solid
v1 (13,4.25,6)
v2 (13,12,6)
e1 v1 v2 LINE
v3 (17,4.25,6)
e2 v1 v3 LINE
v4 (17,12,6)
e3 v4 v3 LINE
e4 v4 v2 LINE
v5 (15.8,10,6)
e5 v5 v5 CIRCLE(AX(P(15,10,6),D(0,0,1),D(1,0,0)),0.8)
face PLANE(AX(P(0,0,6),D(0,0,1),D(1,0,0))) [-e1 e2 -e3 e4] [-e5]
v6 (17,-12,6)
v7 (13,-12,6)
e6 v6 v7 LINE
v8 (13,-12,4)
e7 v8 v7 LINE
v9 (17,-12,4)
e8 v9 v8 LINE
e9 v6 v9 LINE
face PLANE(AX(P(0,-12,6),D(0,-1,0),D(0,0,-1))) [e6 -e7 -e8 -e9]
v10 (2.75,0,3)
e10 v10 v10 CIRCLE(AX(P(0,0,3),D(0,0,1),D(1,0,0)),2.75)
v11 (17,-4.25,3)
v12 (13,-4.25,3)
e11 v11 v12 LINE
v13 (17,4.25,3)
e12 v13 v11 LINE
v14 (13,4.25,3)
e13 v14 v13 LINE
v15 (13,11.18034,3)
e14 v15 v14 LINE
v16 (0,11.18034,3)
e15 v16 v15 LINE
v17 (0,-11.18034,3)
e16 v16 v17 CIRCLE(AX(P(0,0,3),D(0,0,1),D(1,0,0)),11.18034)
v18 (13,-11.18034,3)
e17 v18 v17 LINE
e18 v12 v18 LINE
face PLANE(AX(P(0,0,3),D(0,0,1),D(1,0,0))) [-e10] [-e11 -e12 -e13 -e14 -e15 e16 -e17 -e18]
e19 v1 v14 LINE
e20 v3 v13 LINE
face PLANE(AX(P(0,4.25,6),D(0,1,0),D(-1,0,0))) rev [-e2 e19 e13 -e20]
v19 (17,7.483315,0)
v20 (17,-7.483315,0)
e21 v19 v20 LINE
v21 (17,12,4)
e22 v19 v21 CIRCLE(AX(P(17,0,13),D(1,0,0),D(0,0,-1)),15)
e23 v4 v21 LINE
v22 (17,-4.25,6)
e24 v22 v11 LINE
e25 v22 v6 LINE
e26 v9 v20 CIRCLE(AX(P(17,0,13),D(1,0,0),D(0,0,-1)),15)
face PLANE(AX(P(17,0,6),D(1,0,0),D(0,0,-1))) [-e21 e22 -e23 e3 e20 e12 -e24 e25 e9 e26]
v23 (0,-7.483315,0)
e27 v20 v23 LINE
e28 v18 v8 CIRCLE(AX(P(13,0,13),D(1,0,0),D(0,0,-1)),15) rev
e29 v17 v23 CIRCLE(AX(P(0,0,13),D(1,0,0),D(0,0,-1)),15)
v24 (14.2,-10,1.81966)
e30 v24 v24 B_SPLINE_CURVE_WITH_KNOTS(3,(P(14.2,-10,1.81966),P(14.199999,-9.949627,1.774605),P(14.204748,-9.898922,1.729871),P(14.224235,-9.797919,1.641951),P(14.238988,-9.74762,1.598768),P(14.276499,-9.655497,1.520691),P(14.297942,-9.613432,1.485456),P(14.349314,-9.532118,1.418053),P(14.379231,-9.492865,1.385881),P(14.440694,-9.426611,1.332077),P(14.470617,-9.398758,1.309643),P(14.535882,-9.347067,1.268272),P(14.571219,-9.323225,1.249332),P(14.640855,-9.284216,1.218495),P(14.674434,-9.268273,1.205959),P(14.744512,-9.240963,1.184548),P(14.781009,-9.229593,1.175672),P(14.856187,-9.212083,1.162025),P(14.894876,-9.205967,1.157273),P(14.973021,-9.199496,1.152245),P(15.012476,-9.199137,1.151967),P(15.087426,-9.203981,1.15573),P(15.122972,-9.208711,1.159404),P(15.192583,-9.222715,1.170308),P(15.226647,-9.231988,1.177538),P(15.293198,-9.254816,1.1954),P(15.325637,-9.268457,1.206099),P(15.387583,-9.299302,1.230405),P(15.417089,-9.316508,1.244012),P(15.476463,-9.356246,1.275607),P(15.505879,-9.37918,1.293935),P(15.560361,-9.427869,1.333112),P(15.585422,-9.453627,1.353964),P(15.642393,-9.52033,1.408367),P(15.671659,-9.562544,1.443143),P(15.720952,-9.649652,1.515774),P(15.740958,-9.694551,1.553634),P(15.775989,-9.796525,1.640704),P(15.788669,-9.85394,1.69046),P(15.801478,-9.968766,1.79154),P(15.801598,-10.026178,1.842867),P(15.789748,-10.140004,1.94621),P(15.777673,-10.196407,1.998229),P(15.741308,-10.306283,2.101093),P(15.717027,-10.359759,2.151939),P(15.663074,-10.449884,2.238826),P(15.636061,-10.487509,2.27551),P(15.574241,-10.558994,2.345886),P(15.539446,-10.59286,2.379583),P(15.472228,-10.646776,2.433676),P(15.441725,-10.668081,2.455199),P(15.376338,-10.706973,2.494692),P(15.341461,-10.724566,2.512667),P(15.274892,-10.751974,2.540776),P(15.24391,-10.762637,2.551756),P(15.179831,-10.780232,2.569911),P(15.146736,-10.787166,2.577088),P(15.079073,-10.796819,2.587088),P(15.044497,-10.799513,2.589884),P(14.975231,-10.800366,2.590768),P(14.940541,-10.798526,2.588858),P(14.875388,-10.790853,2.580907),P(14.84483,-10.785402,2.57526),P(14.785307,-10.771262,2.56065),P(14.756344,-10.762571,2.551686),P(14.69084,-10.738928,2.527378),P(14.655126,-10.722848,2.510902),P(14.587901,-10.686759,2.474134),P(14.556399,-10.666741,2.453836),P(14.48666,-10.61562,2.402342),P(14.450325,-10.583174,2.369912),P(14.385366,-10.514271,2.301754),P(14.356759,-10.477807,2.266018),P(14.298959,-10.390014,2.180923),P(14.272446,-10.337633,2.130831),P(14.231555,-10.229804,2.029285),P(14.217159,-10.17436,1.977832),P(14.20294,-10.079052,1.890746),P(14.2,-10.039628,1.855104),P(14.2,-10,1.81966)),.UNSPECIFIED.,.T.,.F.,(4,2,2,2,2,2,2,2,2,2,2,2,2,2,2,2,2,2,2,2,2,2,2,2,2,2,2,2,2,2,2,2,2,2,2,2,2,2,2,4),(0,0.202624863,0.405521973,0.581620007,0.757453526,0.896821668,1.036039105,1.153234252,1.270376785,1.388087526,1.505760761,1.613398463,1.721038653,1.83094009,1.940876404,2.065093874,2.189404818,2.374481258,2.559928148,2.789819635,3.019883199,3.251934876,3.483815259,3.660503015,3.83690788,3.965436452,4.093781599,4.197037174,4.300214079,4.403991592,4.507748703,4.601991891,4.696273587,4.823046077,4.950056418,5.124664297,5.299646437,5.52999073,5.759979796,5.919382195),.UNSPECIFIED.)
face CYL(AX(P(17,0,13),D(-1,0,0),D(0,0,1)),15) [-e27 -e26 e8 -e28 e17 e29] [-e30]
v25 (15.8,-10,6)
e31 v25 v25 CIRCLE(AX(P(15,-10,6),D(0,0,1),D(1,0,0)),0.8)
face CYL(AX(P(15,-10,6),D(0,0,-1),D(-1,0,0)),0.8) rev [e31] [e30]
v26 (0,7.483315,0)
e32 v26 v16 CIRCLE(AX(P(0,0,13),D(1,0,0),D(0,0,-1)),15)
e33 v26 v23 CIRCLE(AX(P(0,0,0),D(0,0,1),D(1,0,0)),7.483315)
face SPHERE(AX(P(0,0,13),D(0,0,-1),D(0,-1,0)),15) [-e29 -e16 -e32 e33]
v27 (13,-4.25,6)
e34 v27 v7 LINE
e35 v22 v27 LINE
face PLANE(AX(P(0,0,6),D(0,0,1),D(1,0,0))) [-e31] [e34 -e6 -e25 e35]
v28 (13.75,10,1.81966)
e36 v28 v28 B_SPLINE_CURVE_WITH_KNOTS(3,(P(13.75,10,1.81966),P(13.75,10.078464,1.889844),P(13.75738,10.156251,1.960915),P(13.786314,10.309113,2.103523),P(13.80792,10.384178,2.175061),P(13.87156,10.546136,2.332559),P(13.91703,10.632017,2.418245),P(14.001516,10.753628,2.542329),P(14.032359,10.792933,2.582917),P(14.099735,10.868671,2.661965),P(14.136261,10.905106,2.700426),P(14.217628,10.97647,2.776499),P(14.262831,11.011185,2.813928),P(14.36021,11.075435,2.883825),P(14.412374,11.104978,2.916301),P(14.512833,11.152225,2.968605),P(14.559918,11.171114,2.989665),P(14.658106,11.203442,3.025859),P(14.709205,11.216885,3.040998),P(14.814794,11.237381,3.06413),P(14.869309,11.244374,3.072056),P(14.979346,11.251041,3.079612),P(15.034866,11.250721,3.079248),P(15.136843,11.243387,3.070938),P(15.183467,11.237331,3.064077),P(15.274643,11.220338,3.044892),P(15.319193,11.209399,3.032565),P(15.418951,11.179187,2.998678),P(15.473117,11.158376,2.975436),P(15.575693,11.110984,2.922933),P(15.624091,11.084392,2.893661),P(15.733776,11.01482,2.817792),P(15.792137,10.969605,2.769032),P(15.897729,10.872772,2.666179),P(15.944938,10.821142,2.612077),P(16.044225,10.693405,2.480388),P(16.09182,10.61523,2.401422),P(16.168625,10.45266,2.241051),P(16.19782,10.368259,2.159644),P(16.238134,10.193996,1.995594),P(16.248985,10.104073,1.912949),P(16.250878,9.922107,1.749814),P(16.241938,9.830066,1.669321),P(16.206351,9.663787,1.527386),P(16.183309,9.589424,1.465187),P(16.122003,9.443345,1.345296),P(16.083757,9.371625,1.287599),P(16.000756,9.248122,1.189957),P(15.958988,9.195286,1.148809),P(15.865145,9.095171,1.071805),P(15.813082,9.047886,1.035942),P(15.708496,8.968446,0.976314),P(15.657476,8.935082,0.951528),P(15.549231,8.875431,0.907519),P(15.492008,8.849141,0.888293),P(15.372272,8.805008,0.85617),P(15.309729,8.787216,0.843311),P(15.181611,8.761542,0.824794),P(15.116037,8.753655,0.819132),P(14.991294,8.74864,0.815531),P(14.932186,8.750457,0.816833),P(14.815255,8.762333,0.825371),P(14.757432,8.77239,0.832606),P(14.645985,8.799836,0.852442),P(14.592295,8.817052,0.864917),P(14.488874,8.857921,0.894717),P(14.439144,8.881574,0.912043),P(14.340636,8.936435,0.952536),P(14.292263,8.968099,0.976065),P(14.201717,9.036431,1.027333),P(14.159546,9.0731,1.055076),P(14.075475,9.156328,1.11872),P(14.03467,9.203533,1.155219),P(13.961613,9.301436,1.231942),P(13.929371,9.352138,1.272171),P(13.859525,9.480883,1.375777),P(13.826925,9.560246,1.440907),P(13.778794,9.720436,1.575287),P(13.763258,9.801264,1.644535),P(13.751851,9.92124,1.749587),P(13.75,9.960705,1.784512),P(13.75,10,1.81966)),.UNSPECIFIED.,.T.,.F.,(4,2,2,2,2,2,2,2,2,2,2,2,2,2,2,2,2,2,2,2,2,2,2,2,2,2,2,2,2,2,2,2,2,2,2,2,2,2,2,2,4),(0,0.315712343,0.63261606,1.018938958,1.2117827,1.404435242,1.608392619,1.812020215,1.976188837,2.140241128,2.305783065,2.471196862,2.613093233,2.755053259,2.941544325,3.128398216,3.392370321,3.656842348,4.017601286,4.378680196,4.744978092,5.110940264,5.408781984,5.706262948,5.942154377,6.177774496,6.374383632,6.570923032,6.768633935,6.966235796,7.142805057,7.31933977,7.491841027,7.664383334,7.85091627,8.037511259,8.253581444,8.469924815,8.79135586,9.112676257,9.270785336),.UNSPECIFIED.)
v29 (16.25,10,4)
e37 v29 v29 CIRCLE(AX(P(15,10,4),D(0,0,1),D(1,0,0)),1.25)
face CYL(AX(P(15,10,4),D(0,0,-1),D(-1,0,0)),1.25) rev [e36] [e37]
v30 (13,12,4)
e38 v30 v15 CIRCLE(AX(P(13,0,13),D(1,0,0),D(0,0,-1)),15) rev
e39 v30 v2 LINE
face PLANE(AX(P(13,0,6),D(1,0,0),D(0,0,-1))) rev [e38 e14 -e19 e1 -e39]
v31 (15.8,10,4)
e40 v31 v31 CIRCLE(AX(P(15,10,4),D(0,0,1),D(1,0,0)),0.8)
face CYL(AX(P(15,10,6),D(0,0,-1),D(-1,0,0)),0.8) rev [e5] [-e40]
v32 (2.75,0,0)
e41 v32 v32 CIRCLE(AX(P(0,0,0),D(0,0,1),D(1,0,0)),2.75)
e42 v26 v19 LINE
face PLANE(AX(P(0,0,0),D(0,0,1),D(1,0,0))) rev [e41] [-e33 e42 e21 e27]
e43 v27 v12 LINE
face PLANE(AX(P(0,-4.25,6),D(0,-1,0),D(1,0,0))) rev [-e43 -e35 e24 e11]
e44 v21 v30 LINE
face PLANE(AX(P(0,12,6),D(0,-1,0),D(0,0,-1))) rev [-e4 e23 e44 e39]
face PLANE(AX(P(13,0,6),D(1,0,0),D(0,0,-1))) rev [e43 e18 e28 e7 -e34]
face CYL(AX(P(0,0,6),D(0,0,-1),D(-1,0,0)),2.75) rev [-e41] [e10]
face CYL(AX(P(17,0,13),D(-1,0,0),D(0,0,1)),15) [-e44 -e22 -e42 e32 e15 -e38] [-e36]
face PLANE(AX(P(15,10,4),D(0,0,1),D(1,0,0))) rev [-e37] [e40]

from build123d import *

# Parameters (mm, degrees)
SKETCH1_R           = 2.75
BOSS_EXTRUDE1_DEPTH = 6
BODY_START          = 3
SKETCH2_R           = 2.75
BODY_HOLE_DEPTH     = 3
CUT_EXTRUDE2_DEPTH  = 23.226110771
CUT_REVOLVE1_ANGLE  = 180
SKETCH7_R           = 0.8
SCREW_HOLES_DEPTH   = 22.656407828
SKETCH9_R           = 1.25
SCREW_HEADS_DEPTH   = 4


with BuildPart() as part:
    # Sketch1 → Boss-Extrude1 (new body)
    with BuildSketch(Plane.XY):
        with BuildLine():
            Line((17, -12), (17, 12))
            Line((17, 12), (5, 12))
            ThreePointArc((5, 12), (-13, 0), (5, -12))
            Line((5, -12), (17, -12))
        make_face()
        Circle(SKETCH1_R, mode=Mode.SUBTRACT)
    extrude(amount=BOSS_EXTRUDE1_DEPTH)

    # Sketch2 → Body Hole (cut)
    with BuildSketch(Plane.XY.offset(BODY_START)):
        with BuildLine():
            ThreePointArc((5, 12), (-13, 0), (5, -12))
            Line((5, -12), (13, -12))
            Line((13, -12), (13, -4.25))
            Line((13, -4.25), (17, -4.25))
            Line((17, -4.25), (17, 4.25))
            Line((17, 4.25), (13, 4.25))
            Line((13, 4.25), (13, 12))
            Line((13, 12), (5, 12))
        make_face()
        Circle(SKETCH2_R, mode=Mode.SUBTRACT)
    extrude(amount=BODY_HOLE_DEPTH, mode=Mode.SUBTRACT)

    # Sketch3 → Cut-Extrude2 (cut, through all)
    with BuildSketch(Plane(origin=(0, 0, 0), x_dir=(0, 0, -1), z_dir=(1, 0, 0))):
        with BuildLine():
            Line((2, 15), (-13, 15))
            ThreePointArc((-13, 15), (-2.393398282, 10.606601718), (2, 0))
            Line((2, 0), (2, 15))
        make_face()
        with BuildLine():
            Line((2, -15), (2, 0))
            ThreePointArc((2, 0), (-2.393398282, -10.606601718), (-13, -15))
            Line((-13, -15), (2, -15))
        make_face()
    extrude(amount=CUT_EXTRUDE2_DEPTH, mode=Mode.SUBTRACT)

    # Sketch6 → Cut-Revolve1 (revolve, cut)
    with BuildSketch(Plane(origin=(0, 0, 0), x_dir=(0, 0, -1), z_dir=(1, 0, 0))):
        with BuildLine():
            Line((1, 15), (-13, 15))
            ThreePointArc((-13, 15), (-4.508164866, 12.36481848), (1, 5.385164807))
            Line((1, 5.385164807), (2, 5.385164807))
            Line((2, 5.385164807), (2, 15))
            Line((2, 15), (1, 15))
        make_face()
    revolve(axis=Axis((0, 0, 0), (0, 0, 1)), revolution_arc=CUT_REVOLVE1_ANGLE, mode=Mode.SUBTRACT)

    # Sketch7 → Screw Holes (cut, through all)
    with BuildSketch(Plane.XY):
        with Locations(Location((15, 10, 0), (0, 0, 180))):
            Circle(SKETCH7_R)
        with Locations(Location((15, -10, 0), (0, 0, 180))):
            Circle(SKETCH7_R)
    extrude(amount=SCREW_HOLES_DEPTH, mode=Mode.SUBTRACT)

    # Sketch9 → Screw Heads (cut)
    with BuildSketch(Plane.XY):
        with Locations(Location((15, 10, 0), (0, 0, 180))):
            Circle(SKETCH9_R)
    extrude(amount=SCREW_HEADS_DEPTH, mode=Mode.SUBTRACT)


solid = part.part
